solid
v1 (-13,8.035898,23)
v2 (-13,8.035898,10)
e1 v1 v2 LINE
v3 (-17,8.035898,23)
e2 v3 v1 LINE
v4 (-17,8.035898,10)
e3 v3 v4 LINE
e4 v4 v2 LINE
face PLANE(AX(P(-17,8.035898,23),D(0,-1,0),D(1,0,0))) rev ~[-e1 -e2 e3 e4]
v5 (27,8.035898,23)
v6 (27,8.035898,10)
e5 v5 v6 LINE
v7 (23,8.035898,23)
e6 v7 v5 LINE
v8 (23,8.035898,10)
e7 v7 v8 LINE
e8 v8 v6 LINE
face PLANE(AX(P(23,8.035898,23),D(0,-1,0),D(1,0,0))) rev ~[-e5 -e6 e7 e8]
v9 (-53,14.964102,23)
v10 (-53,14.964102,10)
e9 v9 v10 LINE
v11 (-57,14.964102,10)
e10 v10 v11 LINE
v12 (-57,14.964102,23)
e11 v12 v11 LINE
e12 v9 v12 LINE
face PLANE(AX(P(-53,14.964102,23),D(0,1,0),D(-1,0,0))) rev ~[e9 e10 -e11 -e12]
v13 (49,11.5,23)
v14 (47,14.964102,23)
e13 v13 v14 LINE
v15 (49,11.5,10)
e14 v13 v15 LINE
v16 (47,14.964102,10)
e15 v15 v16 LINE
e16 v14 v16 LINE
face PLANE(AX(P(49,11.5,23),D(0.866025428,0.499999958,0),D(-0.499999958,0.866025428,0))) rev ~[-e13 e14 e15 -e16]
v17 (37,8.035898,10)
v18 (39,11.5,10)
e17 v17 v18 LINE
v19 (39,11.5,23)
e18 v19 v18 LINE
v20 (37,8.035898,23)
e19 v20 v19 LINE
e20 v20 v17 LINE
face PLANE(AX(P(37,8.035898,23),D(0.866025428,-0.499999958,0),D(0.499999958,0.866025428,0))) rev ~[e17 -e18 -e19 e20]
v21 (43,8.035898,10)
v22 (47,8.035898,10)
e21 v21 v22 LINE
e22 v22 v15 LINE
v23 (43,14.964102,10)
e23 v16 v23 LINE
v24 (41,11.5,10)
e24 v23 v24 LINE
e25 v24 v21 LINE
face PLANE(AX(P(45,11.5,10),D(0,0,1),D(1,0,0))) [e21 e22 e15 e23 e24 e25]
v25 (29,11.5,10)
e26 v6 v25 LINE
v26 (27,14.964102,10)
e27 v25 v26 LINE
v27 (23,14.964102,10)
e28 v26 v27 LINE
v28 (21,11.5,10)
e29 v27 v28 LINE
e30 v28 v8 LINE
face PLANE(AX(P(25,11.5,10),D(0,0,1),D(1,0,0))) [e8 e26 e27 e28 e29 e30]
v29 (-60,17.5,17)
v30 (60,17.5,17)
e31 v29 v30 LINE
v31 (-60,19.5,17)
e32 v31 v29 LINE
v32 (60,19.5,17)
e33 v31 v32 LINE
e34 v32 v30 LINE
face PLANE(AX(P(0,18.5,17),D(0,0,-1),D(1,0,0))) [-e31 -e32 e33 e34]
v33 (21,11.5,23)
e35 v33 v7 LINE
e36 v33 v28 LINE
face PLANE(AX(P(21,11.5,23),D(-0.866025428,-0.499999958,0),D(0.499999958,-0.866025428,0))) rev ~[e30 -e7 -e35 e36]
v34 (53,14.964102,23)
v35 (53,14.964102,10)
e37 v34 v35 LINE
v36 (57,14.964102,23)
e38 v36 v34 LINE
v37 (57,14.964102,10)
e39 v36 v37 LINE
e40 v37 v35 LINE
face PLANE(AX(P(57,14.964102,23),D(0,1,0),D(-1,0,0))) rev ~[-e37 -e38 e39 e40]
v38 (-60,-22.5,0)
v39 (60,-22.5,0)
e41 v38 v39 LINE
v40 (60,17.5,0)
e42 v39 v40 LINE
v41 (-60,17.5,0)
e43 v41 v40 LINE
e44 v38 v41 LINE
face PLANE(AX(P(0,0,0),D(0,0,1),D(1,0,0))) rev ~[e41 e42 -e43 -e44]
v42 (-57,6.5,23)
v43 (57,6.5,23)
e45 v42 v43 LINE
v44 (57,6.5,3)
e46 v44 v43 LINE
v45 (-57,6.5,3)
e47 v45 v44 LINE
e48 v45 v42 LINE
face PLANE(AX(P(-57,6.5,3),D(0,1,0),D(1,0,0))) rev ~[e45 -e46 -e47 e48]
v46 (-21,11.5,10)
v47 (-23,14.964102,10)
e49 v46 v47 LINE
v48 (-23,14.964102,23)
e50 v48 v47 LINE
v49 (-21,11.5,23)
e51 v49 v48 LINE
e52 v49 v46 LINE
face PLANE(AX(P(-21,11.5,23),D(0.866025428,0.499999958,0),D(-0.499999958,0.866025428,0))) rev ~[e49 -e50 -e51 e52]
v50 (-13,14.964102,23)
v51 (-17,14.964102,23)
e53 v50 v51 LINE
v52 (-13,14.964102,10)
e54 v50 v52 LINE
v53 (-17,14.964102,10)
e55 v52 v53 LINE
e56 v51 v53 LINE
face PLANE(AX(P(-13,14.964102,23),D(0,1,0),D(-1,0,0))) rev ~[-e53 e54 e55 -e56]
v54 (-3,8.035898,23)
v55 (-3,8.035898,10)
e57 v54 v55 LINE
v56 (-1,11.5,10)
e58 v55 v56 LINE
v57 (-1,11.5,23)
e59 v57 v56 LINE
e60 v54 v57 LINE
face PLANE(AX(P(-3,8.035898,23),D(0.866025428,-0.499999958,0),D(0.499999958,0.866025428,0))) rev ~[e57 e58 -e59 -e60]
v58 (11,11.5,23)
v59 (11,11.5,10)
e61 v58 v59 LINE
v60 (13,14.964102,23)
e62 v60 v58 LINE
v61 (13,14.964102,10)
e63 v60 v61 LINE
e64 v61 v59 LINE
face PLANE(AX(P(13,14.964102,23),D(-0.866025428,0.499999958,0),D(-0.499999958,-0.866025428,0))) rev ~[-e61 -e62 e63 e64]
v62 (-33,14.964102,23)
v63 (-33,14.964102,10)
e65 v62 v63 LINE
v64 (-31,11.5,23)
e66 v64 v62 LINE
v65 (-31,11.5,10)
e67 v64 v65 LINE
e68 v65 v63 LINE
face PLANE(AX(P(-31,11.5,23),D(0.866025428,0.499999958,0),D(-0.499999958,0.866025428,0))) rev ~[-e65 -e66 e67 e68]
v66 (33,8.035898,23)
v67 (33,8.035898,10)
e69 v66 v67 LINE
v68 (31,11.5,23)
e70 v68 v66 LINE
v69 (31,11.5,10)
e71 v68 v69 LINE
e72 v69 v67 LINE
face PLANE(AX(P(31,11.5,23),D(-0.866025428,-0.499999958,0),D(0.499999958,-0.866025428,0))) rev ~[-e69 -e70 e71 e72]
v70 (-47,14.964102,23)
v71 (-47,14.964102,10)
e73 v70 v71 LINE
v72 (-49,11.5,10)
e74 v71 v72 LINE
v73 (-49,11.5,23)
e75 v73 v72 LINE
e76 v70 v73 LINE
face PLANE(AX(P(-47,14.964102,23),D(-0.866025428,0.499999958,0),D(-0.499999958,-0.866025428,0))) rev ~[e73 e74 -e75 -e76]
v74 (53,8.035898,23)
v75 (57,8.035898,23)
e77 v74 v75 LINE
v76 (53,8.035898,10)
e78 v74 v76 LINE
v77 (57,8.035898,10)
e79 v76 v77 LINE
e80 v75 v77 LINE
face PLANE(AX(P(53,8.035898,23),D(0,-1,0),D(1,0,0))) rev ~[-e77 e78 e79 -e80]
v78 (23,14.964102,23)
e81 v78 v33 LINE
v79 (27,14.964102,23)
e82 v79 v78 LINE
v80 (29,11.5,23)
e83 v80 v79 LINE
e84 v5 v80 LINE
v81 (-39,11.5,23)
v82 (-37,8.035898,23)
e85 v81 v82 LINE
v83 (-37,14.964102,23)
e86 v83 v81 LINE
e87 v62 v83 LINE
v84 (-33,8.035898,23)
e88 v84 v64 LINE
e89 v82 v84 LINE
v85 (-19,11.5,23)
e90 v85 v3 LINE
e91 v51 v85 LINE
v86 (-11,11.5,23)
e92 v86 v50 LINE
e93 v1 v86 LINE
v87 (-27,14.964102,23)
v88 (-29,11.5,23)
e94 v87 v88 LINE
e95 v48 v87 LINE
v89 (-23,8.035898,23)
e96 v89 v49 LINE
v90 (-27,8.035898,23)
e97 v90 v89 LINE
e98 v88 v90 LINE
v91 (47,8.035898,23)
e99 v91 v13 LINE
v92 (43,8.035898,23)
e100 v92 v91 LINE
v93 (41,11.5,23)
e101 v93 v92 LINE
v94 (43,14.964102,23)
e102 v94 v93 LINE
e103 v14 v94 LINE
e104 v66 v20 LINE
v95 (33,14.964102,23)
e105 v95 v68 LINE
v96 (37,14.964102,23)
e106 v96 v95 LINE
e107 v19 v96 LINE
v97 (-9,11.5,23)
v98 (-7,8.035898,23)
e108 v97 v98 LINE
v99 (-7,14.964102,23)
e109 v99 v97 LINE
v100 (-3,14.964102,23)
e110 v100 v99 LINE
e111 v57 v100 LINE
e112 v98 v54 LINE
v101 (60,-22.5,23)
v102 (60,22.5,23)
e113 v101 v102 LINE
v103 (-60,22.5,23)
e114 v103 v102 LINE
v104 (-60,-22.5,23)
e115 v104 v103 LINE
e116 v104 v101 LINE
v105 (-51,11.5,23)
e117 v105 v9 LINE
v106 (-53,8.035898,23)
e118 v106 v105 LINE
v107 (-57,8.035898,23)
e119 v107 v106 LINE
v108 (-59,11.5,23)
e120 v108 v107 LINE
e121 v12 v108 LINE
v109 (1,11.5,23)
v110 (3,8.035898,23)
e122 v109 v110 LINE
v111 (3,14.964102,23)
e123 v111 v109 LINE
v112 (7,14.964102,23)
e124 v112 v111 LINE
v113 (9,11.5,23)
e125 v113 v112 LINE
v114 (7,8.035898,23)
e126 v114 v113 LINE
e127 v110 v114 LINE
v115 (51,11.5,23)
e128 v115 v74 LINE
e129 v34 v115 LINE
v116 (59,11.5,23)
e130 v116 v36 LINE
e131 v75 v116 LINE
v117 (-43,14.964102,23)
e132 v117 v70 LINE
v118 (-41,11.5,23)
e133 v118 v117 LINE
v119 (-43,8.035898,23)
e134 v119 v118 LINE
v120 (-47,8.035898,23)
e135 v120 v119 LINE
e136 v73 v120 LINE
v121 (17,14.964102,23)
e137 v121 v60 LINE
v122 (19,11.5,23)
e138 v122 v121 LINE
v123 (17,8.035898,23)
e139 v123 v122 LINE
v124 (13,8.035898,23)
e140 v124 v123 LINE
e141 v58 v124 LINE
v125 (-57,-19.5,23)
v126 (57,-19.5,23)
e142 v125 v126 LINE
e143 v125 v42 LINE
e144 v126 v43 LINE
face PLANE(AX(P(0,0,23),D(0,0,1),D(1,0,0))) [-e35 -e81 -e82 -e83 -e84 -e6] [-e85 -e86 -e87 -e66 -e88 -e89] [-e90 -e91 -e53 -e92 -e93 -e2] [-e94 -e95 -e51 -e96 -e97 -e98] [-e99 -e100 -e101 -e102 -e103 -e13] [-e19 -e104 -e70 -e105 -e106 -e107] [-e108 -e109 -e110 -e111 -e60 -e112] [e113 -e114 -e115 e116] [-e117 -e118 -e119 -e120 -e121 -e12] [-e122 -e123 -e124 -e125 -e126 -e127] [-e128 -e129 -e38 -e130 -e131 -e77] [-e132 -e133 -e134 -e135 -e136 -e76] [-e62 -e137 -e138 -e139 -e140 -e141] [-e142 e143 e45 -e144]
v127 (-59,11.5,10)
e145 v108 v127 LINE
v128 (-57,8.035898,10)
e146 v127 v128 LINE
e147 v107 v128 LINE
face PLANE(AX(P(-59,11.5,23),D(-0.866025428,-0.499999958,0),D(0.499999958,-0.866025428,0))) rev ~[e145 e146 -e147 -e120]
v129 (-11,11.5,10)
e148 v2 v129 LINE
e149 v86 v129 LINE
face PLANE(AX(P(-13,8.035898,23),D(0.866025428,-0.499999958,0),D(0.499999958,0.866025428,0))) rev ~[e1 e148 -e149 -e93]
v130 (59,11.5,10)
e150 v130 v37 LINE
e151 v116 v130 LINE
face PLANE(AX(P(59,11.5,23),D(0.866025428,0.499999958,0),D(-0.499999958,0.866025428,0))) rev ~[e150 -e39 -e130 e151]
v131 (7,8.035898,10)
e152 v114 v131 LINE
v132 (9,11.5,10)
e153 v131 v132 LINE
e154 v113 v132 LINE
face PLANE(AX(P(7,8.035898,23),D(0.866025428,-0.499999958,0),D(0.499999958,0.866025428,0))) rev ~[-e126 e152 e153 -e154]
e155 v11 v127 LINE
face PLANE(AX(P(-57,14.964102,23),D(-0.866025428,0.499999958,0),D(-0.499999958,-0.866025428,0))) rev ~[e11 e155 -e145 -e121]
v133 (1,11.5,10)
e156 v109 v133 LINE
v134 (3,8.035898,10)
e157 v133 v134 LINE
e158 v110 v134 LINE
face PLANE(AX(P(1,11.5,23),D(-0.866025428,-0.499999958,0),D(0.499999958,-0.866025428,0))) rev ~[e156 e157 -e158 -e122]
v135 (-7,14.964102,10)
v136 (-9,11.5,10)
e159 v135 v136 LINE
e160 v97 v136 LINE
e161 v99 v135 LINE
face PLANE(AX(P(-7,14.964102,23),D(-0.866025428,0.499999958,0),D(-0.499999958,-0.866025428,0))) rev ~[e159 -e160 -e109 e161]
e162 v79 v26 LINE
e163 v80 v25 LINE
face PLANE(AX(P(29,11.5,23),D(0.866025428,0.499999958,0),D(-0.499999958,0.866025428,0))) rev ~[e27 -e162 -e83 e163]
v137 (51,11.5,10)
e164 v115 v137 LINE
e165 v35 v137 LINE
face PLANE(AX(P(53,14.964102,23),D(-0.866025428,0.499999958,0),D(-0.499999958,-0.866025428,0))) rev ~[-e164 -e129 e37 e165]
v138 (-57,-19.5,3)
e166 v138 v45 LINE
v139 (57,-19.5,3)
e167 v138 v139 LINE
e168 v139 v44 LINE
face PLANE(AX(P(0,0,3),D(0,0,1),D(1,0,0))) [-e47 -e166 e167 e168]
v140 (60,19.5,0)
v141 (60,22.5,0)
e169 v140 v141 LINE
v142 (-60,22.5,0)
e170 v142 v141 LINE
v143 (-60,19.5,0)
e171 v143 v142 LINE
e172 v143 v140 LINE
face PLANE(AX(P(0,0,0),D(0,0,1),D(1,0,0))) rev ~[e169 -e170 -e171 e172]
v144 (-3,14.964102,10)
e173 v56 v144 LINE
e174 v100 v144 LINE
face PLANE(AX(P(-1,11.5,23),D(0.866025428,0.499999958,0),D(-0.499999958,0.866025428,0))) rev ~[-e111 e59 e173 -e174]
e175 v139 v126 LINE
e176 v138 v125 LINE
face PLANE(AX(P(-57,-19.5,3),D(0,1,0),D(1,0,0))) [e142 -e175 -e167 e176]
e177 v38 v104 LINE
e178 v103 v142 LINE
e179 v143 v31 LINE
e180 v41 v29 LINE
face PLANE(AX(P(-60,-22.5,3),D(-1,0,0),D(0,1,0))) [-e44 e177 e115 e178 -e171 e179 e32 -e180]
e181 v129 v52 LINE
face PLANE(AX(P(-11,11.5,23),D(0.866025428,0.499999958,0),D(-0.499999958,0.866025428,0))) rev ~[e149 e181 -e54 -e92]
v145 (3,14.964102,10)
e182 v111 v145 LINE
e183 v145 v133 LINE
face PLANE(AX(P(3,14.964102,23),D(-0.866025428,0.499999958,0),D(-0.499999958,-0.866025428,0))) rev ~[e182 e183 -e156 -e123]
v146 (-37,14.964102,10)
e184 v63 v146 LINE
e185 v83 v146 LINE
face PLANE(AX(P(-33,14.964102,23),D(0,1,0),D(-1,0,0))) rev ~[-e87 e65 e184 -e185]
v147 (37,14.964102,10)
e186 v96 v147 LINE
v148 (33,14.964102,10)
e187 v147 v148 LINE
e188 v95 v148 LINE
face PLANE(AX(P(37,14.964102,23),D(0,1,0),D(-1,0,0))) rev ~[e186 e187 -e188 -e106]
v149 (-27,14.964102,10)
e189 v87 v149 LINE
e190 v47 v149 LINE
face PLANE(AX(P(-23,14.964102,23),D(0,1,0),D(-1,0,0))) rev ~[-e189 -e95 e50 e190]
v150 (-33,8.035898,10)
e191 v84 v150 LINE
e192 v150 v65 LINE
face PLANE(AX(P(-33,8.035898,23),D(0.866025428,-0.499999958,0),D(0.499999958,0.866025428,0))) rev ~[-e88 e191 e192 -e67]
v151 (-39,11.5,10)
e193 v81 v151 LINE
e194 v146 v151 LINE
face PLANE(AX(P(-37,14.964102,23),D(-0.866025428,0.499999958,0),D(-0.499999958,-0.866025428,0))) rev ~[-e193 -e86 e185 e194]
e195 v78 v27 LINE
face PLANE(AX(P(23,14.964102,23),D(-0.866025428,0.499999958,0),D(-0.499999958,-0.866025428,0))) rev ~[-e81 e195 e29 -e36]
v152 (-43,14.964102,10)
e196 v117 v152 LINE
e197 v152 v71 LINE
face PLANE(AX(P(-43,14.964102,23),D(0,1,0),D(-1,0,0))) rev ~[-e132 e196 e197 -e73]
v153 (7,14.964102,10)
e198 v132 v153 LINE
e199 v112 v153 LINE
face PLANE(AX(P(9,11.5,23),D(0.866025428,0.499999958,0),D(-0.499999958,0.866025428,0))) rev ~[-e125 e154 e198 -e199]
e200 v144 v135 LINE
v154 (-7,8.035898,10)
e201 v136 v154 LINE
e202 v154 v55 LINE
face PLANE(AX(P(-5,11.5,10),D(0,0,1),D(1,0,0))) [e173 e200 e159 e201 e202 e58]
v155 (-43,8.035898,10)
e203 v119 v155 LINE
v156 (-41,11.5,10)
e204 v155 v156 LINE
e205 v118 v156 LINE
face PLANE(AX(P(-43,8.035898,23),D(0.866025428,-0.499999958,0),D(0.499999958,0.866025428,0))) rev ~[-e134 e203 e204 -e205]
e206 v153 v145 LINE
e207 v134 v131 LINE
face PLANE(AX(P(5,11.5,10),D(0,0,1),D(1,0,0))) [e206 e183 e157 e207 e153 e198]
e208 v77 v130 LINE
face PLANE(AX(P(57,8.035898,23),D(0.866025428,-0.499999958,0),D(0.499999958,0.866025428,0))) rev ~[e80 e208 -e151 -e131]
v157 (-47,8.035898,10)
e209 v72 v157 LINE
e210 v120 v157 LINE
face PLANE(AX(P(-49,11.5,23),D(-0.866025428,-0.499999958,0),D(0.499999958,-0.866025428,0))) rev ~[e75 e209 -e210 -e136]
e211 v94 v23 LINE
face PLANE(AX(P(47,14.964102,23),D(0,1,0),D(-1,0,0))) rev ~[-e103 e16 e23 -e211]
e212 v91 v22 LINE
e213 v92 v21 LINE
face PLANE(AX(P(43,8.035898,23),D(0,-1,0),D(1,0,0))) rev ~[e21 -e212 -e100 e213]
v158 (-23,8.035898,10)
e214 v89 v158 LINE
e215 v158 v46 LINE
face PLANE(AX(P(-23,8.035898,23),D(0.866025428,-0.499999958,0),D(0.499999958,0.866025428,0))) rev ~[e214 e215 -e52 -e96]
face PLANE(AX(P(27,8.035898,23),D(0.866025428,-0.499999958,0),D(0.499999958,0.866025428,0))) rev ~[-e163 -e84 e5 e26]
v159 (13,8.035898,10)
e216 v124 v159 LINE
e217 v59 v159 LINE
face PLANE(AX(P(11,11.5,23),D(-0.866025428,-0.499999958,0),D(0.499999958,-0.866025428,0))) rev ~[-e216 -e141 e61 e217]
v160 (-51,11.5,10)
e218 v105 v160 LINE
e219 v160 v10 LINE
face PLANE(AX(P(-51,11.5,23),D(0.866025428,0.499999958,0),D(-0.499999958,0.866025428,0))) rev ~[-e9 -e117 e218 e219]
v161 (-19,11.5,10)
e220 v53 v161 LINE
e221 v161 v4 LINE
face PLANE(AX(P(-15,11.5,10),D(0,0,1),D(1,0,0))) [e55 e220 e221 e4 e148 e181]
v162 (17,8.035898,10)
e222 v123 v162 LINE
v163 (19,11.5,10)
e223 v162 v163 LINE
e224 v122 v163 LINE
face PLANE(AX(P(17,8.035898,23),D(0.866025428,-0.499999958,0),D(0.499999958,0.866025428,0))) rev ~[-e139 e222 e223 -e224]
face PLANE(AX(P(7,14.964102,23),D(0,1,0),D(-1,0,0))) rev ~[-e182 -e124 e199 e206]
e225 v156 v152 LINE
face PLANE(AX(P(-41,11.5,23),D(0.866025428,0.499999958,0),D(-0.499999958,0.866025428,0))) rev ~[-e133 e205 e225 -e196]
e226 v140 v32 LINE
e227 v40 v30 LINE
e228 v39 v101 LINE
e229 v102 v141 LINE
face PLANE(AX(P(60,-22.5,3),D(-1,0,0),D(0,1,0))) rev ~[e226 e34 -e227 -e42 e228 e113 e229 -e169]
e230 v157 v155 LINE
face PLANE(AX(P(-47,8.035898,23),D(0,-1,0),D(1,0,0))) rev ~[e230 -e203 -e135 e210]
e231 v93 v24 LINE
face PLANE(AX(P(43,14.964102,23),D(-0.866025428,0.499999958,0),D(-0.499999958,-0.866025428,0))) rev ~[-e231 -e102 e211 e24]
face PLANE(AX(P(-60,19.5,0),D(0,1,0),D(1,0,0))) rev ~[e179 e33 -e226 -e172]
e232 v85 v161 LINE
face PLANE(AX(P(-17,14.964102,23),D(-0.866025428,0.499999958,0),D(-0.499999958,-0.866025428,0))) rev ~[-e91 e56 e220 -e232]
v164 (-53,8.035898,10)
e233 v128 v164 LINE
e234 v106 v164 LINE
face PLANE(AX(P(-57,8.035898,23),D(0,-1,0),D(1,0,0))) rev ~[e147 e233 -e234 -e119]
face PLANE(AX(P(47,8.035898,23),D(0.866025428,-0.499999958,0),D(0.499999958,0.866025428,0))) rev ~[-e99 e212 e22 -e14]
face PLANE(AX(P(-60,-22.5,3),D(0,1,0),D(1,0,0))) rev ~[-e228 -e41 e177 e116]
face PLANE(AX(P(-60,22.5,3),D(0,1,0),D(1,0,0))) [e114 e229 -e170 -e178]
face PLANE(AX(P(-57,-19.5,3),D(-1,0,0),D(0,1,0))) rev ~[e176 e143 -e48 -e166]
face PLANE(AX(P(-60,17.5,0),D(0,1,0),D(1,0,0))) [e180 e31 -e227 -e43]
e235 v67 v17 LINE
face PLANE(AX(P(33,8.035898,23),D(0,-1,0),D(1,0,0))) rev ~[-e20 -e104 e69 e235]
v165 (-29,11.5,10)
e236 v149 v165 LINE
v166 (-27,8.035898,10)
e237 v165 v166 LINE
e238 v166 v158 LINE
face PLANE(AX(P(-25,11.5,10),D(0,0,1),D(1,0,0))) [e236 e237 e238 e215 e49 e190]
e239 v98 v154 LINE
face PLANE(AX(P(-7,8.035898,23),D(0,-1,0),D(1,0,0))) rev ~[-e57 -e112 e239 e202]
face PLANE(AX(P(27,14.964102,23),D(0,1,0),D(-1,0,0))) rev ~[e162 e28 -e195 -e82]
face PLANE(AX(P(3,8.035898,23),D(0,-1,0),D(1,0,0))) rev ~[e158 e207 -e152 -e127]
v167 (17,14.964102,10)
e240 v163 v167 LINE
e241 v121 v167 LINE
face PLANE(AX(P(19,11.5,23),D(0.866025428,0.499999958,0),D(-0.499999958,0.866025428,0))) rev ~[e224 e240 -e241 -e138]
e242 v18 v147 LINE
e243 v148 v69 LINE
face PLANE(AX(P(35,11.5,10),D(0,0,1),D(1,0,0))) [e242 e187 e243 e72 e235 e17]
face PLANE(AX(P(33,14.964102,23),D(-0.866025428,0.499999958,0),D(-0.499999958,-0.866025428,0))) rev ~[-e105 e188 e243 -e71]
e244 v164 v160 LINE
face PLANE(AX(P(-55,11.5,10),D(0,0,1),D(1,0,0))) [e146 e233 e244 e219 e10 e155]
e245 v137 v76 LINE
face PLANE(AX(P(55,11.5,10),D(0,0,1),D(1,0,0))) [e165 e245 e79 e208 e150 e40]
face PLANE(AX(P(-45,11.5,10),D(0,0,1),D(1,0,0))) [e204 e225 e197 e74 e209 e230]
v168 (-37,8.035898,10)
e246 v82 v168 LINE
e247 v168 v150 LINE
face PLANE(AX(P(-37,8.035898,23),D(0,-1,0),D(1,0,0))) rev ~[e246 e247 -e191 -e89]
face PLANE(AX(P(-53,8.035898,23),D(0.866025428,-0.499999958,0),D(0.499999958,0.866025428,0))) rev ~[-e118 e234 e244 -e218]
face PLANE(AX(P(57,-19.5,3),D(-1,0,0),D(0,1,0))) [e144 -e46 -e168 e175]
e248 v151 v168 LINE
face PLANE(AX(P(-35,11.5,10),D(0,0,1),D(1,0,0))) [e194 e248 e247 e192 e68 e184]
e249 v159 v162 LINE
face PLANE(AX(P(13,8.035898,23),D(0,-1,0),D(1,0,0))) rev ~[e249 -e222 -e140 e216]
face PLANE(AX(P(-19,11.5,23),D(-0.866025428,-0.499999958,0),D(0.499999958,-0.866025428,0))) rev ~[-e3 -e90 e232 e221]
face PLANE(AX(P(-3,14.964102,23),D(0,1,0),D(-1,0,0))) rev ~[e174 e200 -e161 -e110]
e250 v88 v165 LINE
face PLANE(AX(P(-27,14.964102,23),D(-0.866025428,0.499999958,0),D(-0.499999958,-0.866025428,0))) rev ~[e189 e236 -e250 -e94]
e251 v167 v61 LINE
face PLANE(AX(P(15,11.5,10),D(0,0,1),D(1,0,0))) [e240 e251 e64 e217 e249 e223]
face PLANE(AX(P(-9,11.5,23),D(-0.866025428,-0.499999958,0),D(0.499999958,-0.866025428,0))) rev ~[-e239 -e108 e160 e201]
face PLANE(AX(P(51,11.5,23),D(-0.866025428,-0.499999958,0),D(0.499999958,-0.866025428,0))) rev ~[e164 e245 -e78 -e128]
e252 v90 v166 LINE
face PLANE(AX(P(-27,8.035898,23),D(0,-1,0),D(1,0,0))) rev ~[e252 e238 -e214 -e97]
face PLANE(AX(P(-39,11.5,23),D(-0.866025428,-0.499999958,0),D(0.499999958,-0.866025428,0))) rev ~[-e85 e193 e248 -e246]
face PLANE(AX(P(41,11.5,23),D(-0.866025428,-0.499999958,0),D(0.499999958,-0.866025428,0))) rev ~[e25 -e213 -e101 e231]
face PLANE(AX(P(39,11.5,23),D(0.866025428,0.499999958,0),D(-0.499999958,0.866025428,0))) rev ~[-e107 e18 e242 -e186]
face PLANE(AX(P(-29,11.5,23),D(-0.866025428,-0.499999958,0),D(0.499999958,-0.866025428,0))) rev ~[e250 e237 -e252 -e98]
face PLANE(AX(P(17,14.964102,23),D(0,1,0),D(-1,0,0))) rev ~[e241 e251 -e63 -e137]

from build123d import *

# Parameters (mm, degrees)
F0_W     = 120
F0_H     = 45
F1_DEPTH = 3
F2_W     = 120
F2_H     = 45
F2_W_2   = 114
F2_H_2   = 26
F3_DEPTH = 20
F5_W     = 120
F5_H     = 2
F6_DEPTH = 17
F7_DEPTH = 13


with BuildPart() as f1:
    # F0 (on Top) → F1 (new body)
    with BuildSketch(Plane.XY):
        Rectangle(F0_W, F0_H)
    extrude(amount=F1_DEPTH)

    # F2 (on face) → F3 (join)
    with BuildSketch(Plane.XY.offset(3)):
        Rectangle(F2_W, F2_H)
        with Locations((0, -6.5)):
            Rectangle(F2_W_2, F2_H_2, mode=Mode.SUBTRACT)
    extrude(amount=F3_DEPTH)

    # F5 (on face) → F6 (cut)
    with BuildSketch(Plane(origin=(0, 0, 0), x_dir=(1, 0, 0), z_dir=(0, 0, -1))):
        with Locations((0, -18.5)):
            Rectangle(F5_W, F5_H)
    extrude(amount=-F6_DEPTH, mode=Mode.SUBTRACT)

    # F4 (on face) → F7 (cut)
    with BuildSketch(Plane.XY.offset(23)):
        Polygon((-53, 8.035898), (-51, 11.5), (-53, 14.964102), (-57, 14.964102), (-59, 11.5), (-57, 8.035898), align=None)
        Polygon((-43, 8.035898), (-41, 11.5), (-43, 14.964102), (-47, 14.964102), (-49, 11.5), (-47, 8.035898), align=None)
        Polygon((-33, 8.035898), (-31, 11.5), (-33, 14.964102), (-37, 14.964102), (-39, 11.5), (-37, 8.035898), align=None)
        Polygon((-23, 8.035898), (-21, 11.5), (-23, 14.964102), (-27, 14.964102), (-29, 11.5), (-27, 8.035898), align=None)
        Polygon((-13, 8.035898), (-11, 11.5), (-13, 14.964102), (-17, 14.964102), (-19, 11.5), (-17, 8.035898), align=None)
        Polygon((-3, 8.035898), (-1, 11.5), (-3, 14.964102), (-7, 14.964102), (-9, 11.5), (-7, 8.035898), align=None)
        Polygon((3, 8.035898), (7, 8.035898), (9, 11.5), (7, 14.964102), (3, 14.964102), (1, 11.5), align=None)
        Polygon((11, 11.5), (13, 8.035898), (17, 8.035898), (19, 11.5), (17, 14.964102), (13, 14.964102), align=None)
        Polygon((29, 11.5), (27, 14.964102), (23, 14.964102), (21, 11.5), (23, 8.035898), (27, 8.035898), align=None)
        Polygon((33, 8.035898), (37, 8.035898), (39, 11.5), (37, 14.964102), (33, 14.964102), (31, 11.5), align=None)
        Polygon((43, 8.035898), (47, 8.035898), (49, 11.5), (47, 14.964102), (43, 14.964102), (41, 11.5), align=None)
        Polygon((57, 8.035898), (59, 11.5), (57, 14.964102), (53, 14.964102), (51, 11.5), (53, 8.035898), align=None)
    extrude(amount=-F7_DEPTH, mode=Mode.SUBTRACT)


solid = f1.part
